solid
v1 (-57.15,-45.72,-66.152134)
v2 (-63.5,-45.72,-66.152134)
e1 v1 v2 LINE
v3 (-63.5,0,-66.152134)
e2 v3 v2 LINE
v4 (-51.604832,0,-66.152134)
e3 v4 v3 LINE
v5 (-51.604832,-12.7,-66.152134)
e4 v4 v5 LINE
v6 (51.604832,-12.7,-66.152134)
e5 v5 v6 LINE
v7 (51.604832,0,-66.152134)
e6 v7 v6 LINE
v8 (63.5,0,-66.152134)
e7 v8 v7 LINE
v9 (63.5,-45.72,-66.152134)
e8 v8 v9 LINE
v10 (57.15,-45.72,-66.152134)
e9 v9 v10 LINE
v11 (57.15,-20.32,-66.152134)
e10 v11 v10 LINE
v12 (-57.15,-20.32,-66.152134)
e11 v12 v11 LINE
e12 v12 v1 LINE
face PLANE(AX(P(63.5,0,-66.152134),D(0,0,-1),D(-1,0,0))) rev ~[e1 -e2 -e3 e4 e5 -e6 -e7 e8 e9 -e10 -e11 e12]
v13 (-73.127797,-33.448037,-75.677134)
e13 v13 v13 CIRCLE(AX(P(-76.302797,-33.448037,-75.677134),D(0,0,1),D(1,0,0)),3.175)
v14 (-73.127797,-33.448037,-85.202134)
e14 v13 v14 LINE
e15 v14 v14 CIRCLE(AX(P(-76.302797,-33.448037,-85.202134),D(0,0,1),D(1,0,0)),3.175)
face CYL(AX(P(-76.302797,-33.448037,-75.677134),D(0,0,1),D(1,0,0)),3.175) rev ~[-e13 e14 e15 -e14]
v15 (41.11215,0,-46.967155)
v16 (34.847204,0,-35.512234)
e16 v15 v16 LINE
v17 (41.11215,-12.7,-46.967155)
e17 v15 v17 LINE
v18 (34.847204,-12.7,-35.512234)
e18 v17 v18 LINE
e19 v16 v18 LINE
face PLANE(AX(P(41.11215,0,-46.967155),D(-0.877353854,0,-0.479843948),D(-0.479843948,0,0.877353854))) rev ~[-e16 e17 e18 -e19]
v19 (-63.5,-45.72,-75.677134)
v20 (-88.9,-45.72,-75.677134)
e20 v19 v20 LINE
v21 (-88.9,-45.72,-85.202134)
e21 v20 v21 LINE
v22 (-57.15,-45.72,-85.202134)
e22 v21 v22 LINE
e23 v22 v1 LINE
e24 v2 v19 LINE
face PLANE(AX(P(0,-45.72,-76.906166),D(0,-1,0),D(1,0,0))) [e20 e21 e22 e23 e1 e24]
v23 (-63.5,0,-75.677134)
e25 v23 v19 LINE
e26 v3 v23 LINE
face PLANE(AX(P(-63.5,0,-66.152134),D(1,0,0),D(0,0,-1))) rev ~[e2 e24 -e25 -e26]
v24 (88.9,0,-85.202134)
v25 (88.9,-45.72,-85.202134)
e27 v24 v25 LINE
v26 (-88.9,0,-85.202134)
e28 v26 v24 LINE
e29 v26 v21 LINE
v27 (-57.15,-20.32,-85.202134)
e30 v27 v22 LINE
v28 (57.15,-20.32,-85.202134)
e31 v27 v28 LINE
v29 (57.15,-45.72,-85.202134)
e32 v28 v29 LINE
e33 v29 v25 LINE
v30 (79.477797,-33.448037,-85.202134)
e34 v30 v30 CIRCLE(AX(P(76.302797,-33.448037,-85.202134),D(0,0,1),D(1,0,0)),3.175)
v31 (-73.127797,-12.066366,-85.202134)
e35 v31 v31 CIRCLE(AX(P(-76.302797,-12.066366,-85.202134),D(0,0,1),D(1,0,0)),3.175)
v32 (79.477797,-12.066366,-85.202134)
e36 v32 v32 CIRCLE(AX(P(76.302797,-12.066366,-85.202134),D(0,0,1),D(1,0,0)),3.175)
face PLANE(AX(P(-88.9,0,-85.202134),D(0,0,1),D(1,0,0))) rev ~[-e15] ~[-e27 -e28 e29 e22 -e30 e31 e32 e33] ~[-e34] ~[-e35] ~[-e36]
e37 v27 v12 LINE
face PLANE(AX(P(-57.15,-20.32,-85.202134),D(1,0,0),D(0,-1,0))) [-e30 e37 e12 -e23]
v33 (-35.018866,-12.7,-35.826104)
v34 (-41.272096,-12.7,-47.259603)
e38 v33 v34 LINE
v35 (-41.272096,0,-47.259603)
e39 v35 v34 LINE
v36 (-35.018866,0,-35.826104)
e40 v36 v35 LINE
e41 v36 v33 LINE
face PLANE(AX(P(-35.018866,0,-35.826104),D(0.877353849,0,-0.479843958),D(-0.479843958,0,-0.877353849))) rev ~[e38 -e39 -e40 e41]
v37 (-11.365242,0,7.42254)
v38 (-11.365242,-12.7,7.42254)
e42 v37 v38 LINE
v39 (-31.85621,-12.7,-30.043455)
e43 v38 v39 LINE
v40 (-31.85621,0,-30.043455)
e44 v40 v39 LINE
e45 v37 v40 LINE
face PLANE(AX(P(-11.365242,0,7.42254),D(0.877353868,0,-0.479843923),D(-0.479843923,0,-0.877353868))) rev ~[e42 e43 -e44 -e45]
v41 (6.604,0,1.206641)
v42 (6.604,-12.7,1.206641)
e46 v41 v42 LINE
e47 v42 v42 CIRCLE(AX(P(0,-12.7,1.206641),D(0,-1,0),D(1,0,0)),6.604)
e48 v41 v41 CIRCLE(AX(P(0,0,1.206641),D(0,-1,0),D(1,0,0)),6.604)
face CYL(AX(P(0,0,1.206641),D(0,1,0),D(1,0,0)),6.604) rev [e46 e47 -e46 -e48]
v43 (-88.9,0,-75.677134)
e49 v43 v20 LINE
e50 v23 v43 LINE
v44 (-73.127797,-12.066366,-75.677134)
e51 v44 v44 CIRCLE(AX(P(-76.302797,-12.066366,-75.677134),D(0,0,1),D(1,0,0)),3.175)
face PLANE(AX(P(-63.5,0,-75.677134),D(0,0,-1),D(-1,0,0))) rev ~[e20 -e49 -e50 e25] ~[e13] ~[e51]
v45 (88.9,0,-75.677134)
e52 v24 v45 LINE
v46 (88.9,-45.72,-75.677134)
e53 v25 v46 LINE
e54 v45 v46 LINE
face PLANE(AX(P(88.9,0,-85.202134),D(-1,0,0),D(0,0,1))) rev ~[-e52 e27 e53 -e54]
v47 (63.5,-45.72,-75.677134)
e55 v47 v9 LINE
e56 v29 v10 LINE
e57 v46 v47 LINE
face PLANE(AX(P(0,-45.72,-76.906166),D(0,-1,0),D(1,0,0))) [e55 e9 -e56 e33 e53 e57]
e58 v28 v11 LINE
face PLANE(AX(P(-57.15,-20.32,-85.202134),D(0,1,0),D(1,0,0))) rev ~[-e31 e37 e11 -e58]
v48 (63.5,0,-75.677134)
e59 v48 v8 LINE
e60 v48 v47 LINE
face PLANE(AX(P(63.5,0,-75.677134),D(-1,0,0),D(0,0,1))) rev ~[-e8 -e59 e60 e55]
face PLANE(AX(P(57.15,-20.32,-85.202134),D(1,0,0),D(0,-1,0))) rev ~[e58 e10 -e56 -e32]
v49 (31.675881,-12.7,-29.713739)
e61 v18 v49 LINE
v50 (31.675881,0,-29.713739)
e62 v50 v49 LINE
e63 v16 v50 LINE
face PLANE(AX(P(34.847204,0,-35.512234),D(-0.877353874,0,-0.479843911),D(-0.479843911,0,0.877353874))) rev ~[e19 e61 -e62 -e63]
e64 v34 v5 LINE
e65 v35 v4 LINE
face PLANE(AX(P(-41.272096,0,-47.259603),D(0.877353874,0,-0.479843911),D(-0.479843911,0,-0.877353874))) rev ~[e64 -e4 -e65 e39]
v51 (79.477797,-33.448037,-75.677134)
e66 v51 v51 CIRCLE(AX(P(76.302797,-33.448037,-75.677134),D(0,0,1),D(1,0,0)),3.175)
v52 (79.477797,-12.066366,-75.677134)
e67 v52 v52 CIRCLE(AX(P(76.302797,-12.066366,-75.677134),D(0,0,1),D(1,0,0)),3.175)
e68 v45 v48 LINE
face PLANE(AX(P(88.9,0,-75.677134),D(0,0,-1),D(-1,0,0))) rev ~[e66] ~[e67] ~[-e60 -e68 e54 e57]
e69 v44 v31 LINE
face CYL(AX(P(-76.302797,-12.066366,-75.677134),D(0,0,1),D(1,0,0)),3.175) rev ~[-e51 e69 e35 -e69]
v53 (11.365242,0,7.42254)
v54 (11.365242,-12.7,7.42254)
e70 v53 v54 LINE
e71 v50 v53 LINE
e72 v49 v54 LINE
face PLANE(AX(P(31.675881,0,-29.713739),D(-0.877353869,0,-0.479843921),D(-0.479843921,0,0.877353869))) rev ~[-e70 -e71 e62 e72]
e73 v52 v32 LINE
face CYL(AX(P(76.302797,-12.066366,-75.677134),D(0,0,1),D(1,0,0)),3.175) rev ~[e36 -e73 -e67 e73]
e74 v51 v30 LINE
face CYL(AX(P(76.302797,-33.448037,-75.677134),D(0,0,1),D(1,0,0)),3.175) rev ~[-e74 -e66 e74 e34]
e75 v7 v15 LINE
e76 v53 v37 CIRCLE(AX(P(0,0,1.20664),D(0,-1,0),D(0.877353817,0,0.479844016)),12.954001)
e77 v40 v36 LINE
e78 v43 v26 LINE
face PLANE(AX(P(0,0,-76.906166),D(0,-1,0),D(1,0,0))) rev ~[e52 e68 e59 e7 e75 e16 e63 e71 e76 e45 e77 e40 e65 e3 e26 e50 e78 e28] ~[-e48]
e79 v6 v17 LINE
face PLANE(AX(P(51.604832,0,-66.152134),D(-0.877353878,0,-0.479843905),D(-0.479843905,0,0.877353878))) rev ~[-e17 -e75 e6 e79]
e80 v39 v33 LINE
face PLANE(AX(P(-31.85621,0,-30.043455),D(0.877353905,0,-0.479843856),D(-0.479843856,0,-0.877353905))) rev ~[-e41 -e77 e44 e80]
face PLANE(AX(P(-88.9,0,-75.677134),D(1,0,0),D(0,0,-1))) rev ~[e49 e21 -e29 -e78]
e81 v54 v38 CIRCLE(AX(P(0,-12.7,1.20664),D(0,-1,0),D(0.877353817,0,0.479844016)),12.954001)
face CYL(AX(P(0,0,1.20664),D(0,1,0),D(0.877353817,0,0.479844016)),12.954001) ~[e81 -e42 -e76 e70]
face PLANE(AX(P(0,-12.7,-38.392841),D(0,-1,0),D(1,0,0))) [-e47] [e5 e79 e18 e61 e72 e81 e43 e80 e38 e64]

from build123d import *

# Parameters (mm, degrees)
F0_R     = 6.604
F1_DEPTH = 12.7
F2_DEPTH = 45.72
F3_R     = 3.175
F4_DEPTH = 9.526
F5_W     = 114.3
F5_H     = 25.4
F6_DEPTH = 99.363775


with BuildPart() as f1:
    # F0 (on Front) → F1 (new body)
    with BuildSketch(Plane.XZ):
        with BuildLine():
            Line((34.847204, -35.512234), (31.675881, -29.713739))
            Line((31.675881, -29.713739), (11.365242, 7.42254))
            ThreePointArc((11.365242, 7.42254), (0, 14.160641), (-11.365242, 7.42254))
            Line((-11.365242, 7.42254), (-31.85621, -30.043455))
            Line((-31.85621, -30.043455), (-35.018866, -35.826104))
            Line((-35.018866, -35.826104), (-41.272096, -47.259603))
            Line((-41.272096, -47.259603), (-51.604832, -66.152134))
            Line((-51.604832, -66.152134), (51.604832, -66.152134))
            Line((51.604832, -66.152134), (41.11215, -46.967155))
            Line((41.11215, -46.967155), (34.847204, -35.512234))
        make_face()
        with Locations((0, 1.206641)):
            Circle(F0_R, mode=Mode.SUBTRACT)
    extrude(amount=F1_DEPTH)

    # F0 (on Front) → F2 (join)
    with BuildSketch(Plane.XZ):
        Polygon((63.5, -66.152134), (51.604832, -66.152134), (-51.604832, -66.152134), (-63.5, -66.152134), (-63.5, -75.677134), (-88.9, -75.677134), (-88.9, -85.202134), (88.9, -85.202134), (88.9, -75.677134), (63.5, -75.677134), align=None)
    extrude(amount=F2_DEPTH)

    # F3 (on face) → F4 (cut, through all)
    with BuildSketch(Plane.XY.offset(-75.677134)):
        with Locations((-76.302797, -12.066366)):
            Circle(F3_R)
        with Locations((-76.302797, -33.448037)):
            Circle(F3_R)
        with Locations((76.302797, -12.066366)):
            Circle(F3_R)
        with Locations((76.302797, -33.448037)):
            Circle(F3_R)
    extrude(amount=-F4_DEPTH, mode=Mode.SUBTRACT)

    # F5 (on face) → F6 (cut, through all)
    with BuildSketch(Plane(origin=(0, 0, -85.202134), x_dir=(1, 0, 0), z_dir=(0, 0, -1))):
        with Locations((0, 33.02)):
            Rectangle(F5_W, F5_H)
    extrude(amount=-F6_DEPTH, mode=Mode.SUBTRACT)


solid = f1.part
